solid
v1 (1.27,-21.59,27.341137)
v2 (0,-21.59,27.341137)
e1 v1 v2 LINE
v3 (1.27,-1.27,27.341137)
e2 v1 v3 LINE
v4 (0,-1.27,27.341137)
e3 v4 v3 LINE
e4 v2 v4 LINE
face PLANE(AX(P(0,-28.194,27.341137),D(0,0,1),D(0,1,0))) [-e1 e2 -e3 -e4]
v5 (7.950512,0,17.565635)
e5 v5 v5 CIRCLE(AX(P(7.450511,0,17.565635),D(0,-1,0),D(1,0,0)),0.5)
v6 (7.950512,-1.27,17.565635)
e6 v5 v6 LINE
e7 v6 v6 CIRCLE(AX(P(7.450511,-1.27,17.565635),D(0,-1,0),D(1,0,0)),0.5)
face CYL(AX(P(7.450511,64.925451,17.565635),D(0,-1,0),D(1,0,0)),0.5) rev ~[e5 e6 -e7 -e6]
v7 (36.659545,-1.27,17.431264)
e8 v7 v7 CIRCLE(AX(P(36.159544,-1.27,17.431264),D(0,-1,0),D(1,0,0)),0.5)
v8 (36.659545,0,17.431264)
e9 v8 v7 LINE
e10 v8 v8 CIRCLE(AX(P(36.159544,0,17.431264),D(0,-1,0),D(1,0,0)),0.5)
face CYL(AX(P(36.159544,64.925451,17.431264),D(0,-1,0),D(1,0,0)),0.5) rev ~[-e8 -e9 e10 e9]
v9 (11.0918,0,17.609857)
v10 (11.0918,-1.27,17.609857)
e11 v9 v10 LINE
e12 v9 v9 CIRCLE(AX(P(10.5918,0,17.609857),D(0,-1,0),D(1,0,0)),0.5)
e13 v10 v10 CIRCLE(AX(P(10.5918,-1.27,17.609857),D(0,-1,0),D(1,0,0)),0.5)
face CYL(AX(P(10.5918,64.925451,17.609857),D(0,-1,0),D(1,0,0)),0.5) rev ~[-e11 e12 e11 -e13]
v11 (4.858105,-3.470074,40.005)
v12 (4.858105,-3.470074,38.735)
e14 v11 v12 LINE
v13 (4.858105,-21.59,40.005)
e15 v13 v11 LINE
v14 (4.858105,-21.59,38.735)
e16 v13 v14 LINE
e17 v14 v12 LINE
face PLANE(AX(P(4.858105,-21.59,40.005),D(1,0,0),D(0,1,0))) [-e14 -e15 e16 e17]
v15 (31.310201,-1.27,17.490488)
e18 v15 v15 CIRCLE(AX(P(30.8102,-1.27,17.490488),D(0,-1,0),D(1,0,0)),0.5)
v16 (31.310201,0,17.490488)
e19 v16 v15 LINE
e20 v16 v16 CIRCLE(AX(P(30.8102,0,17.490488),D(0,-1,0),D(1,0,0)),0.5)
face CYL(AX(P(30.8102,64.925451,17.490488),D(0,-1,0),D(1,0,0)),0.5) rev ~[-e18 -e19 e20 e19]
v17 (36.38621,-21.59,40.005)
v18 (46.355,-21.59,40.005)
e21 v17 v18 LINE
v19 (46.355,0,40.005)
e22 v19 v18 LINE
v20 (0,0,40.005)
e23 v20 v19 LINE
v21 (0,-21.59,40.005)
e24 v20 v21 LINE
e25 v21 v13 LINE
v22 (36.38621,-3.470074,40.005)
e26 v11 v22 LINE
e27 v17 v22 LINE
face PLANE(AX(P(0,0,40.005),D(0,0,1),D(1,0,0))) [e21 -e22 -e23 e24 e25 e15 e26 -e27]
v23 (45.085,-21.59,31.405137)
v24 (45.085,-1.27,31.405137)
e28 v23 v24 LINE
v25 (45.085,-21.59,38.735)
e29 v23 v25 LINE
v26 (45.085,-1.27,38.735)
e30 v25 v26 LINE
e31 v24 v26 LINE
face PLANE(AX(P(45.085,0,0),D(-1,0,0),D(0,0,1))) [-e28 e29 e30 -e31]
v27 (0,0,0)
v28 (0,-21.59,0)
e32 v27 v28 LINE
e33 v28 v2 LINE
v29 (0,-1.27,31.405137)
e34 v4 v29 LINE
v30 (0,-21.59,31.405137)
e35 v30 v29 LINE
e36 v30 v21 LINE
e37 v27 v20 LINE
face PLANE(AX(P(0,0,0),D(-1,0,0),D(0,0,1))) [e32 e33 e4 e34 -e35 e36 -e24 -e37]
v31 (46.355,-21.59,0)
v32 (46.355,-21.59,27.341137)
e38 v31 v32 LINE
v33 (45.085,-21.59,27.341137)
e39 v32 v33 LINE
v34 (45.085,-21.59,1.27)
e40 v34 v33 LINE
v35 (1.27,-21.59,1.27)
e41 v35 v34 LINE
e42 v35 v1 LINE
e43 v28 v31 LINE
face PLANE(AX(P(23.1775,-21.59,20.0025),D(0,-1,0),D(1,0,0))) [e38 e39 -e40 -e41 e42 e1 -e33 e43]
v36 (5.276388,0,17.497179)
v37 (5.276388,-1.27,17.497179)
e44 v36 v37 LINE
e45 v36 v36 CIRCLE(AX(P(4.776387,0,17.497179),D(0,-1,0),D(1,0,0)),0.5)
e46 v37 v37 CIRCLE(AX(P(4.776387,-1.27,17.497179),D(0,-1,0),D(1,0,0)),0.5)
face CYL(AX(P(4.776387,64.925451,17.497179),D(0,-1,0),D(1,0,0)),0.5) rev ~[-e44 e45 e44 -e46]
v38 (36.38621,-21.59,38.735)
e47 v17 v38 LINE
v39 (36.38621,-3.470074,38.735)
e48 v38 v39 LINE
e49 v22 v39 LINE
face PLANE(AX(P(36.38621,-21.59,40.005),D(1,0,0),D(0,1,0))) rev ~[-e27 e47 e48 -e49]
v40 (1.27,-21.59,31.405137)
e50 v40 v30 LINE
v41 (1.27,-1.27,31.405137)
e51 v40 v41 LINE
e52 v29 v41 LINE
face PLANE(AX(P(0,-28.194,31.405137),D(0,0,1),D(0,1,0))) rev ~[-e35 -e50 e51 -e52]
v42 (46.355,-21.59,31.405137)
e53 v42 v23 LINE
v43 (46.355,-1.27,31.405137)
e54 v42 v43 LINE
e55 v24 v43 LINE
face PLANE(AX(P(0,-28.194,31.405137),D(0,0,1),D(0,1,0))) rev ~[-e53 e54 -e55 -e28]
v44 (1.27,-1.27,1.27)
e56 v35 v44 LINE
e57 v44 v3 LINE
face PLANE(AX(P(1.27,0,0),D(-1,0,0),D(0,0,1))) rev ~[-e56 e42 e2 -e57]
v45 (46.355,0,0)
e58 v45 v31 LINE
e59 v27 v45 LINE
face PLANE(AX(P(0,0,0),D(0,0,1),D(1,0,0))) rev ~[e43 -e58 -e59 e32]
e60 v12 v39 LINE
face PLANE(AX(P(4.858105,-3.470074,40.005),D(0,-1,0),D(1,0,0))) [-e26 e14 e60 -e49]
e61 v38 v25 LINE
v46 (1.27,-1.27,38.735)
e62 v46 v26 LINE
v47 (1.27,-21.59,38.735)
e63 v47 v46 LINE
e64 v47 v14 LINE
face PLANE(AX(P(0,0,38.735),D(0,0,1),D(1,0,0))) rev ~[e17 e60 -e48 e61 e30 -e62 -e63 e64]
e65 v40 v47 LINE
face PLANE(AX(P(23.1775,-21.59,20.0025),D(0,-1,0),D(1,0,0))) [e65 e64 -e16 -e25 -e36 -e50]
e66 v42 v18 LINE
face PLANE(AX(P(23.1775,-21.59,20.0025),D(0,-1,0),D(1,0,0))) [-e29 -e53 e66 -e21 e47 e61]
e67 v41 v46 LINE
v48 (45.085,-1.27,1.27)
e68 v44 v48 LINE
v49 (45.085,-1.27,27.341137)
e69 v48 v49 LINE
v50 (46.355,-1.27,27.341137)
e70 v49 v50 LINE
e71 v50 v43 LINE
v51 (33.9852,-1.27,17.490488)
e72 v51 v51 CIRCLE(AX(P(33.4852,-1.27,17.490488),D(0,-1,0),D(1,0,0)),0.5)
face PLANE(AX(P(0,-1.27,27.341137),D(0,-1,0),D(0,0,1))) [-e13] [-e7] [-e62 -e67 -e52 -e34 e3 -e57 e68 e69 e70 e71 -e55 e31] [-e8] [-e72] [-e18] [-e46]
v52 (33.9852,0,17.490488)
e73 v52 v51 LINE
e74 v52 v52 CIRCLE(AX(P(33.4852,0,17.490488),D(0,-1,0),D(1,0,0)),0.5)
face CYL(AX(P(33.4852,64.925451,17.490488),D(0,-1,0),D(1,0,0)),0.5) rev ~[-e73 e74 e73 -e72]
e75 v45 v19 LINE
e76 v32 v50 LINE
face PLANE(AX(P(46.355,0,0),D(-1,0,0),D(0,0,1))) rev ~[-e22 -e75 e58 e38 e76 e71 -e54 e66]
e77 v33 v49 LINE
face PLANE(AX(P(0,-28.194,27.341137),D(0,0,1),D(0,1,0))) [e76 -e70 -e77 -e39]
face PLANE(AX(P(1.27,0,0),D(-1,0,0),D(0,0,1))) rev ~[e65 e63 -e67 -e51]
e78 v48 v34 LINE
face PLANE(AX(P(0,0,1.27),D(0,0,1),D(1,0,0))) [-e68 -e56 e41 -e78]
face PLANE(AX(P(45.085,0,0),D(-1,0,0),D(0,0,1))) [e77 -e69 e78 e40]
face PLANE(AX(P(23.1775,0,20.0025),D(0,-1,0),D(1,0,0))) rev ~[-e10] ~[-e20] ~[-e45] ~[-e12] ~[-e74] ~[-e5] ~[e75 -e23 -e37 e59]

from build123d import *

# Parameters (mm, degrees)
F0_W      = 46.355
F0_H      = 40.005
F1_DEPTH  = 21.59
F3_T      = -1.27
F5_W      = 26.924
F5_H      = 4.064
F6_DEPTH  = 63.246
F8_D      = 1.000001
F10_D     = 1.000001
F12_D     = 1.000001
F14_D     = 1.000001
F16_D     = 1.000001
F18_W     = 31.528105
F18_H     = 18.119926
F19_DEPTH = 25.4
F20_D     = 1.000001


with BuildPart() as f1:
    # F0 (on Front) → F1 (new body)
    with BuildSketch(Plane.XZ):
        with Locations((23.1775, 20.0025)):
            Rectangle(F0_W, F0_H)
    extrude(amount=F1_DEPTH)

    # F3
    f3_openings = [f1.faces().sort_by_distance(p)[0] for p in [
        (23.1775, -21.59, 20.0025),
    ]]
    offset(amount=F3_T, openings=f3_openings)

    # F5 (on Right) → F6 (cut)
    with BuildSketch(Plane.YZ):
        with Locations((-14.732, 29.373137)):
            Rectangle(F5_W, F5_H)
    extrude(amount=F6_DEPTH, mode=Mode.SUBTRACT)

    # F8 (through all)
    with Locations(Plane(origin=(0, 0, 0), x_dir=(-1, 0, 0), z_dir=(0, 1, 0))):
        with Locations((-10.5918, 17.609857)):
            Hole(F8_D / 2)

    # F10 (through all)
    with Locations(Plane(origin=(0, 0, 0), x_dir=(-1, 0, 0), z_dir=(0, 1, 0))):
        with Locations((-30.8102, 17.490488)):
            Hole(F10_D / 2)

    # F12 (through all)
    with Locations(Plane(origin=(0, 0, 0), x_dir=(-1, 0, 0), z_dir=(0, 1, 0))):
        with Locations((-33.4852, 17.490488)):
            Hole(F12_D / 2)

    # F14 (through all)
    with Locations(Plane(origin=(0, 0, 0), x_dir=(-1, 0, 0), z_dir=(0, 1, 0))):
        with Locations((-36.159544, 17.431264)):
            Hole(F14_D / 2)

    # F16 (through all)
    with Locations(Plane(origin=(0, 0, 0), x_dir=(-1, 0, 0), z_dir=(0, 1, 0))):
        with Locations((-7.450511, 17.565635)):
            Hole(F16_D / 2)

    # F18 (on face) → F19 (cut)
    with BuildSketch(Plane.XY.offset(40.005)):
        with Locations((20.622158, -12.530037)):
            Rectangle(F18_W, F18_H)
    extrude(amount=-F19_DEPTH, mode=Mode.SUBTRACT)

    # F20 (through all)
    with Locations(Plane(origin=(0, 0, 0), x_dir=(-1, 0, 0), z_dir=(0, 1, 0))):
        with Locations((-4.776387, 17.497179)):
            Hole(F20_D / 2)


solid = f1.part
